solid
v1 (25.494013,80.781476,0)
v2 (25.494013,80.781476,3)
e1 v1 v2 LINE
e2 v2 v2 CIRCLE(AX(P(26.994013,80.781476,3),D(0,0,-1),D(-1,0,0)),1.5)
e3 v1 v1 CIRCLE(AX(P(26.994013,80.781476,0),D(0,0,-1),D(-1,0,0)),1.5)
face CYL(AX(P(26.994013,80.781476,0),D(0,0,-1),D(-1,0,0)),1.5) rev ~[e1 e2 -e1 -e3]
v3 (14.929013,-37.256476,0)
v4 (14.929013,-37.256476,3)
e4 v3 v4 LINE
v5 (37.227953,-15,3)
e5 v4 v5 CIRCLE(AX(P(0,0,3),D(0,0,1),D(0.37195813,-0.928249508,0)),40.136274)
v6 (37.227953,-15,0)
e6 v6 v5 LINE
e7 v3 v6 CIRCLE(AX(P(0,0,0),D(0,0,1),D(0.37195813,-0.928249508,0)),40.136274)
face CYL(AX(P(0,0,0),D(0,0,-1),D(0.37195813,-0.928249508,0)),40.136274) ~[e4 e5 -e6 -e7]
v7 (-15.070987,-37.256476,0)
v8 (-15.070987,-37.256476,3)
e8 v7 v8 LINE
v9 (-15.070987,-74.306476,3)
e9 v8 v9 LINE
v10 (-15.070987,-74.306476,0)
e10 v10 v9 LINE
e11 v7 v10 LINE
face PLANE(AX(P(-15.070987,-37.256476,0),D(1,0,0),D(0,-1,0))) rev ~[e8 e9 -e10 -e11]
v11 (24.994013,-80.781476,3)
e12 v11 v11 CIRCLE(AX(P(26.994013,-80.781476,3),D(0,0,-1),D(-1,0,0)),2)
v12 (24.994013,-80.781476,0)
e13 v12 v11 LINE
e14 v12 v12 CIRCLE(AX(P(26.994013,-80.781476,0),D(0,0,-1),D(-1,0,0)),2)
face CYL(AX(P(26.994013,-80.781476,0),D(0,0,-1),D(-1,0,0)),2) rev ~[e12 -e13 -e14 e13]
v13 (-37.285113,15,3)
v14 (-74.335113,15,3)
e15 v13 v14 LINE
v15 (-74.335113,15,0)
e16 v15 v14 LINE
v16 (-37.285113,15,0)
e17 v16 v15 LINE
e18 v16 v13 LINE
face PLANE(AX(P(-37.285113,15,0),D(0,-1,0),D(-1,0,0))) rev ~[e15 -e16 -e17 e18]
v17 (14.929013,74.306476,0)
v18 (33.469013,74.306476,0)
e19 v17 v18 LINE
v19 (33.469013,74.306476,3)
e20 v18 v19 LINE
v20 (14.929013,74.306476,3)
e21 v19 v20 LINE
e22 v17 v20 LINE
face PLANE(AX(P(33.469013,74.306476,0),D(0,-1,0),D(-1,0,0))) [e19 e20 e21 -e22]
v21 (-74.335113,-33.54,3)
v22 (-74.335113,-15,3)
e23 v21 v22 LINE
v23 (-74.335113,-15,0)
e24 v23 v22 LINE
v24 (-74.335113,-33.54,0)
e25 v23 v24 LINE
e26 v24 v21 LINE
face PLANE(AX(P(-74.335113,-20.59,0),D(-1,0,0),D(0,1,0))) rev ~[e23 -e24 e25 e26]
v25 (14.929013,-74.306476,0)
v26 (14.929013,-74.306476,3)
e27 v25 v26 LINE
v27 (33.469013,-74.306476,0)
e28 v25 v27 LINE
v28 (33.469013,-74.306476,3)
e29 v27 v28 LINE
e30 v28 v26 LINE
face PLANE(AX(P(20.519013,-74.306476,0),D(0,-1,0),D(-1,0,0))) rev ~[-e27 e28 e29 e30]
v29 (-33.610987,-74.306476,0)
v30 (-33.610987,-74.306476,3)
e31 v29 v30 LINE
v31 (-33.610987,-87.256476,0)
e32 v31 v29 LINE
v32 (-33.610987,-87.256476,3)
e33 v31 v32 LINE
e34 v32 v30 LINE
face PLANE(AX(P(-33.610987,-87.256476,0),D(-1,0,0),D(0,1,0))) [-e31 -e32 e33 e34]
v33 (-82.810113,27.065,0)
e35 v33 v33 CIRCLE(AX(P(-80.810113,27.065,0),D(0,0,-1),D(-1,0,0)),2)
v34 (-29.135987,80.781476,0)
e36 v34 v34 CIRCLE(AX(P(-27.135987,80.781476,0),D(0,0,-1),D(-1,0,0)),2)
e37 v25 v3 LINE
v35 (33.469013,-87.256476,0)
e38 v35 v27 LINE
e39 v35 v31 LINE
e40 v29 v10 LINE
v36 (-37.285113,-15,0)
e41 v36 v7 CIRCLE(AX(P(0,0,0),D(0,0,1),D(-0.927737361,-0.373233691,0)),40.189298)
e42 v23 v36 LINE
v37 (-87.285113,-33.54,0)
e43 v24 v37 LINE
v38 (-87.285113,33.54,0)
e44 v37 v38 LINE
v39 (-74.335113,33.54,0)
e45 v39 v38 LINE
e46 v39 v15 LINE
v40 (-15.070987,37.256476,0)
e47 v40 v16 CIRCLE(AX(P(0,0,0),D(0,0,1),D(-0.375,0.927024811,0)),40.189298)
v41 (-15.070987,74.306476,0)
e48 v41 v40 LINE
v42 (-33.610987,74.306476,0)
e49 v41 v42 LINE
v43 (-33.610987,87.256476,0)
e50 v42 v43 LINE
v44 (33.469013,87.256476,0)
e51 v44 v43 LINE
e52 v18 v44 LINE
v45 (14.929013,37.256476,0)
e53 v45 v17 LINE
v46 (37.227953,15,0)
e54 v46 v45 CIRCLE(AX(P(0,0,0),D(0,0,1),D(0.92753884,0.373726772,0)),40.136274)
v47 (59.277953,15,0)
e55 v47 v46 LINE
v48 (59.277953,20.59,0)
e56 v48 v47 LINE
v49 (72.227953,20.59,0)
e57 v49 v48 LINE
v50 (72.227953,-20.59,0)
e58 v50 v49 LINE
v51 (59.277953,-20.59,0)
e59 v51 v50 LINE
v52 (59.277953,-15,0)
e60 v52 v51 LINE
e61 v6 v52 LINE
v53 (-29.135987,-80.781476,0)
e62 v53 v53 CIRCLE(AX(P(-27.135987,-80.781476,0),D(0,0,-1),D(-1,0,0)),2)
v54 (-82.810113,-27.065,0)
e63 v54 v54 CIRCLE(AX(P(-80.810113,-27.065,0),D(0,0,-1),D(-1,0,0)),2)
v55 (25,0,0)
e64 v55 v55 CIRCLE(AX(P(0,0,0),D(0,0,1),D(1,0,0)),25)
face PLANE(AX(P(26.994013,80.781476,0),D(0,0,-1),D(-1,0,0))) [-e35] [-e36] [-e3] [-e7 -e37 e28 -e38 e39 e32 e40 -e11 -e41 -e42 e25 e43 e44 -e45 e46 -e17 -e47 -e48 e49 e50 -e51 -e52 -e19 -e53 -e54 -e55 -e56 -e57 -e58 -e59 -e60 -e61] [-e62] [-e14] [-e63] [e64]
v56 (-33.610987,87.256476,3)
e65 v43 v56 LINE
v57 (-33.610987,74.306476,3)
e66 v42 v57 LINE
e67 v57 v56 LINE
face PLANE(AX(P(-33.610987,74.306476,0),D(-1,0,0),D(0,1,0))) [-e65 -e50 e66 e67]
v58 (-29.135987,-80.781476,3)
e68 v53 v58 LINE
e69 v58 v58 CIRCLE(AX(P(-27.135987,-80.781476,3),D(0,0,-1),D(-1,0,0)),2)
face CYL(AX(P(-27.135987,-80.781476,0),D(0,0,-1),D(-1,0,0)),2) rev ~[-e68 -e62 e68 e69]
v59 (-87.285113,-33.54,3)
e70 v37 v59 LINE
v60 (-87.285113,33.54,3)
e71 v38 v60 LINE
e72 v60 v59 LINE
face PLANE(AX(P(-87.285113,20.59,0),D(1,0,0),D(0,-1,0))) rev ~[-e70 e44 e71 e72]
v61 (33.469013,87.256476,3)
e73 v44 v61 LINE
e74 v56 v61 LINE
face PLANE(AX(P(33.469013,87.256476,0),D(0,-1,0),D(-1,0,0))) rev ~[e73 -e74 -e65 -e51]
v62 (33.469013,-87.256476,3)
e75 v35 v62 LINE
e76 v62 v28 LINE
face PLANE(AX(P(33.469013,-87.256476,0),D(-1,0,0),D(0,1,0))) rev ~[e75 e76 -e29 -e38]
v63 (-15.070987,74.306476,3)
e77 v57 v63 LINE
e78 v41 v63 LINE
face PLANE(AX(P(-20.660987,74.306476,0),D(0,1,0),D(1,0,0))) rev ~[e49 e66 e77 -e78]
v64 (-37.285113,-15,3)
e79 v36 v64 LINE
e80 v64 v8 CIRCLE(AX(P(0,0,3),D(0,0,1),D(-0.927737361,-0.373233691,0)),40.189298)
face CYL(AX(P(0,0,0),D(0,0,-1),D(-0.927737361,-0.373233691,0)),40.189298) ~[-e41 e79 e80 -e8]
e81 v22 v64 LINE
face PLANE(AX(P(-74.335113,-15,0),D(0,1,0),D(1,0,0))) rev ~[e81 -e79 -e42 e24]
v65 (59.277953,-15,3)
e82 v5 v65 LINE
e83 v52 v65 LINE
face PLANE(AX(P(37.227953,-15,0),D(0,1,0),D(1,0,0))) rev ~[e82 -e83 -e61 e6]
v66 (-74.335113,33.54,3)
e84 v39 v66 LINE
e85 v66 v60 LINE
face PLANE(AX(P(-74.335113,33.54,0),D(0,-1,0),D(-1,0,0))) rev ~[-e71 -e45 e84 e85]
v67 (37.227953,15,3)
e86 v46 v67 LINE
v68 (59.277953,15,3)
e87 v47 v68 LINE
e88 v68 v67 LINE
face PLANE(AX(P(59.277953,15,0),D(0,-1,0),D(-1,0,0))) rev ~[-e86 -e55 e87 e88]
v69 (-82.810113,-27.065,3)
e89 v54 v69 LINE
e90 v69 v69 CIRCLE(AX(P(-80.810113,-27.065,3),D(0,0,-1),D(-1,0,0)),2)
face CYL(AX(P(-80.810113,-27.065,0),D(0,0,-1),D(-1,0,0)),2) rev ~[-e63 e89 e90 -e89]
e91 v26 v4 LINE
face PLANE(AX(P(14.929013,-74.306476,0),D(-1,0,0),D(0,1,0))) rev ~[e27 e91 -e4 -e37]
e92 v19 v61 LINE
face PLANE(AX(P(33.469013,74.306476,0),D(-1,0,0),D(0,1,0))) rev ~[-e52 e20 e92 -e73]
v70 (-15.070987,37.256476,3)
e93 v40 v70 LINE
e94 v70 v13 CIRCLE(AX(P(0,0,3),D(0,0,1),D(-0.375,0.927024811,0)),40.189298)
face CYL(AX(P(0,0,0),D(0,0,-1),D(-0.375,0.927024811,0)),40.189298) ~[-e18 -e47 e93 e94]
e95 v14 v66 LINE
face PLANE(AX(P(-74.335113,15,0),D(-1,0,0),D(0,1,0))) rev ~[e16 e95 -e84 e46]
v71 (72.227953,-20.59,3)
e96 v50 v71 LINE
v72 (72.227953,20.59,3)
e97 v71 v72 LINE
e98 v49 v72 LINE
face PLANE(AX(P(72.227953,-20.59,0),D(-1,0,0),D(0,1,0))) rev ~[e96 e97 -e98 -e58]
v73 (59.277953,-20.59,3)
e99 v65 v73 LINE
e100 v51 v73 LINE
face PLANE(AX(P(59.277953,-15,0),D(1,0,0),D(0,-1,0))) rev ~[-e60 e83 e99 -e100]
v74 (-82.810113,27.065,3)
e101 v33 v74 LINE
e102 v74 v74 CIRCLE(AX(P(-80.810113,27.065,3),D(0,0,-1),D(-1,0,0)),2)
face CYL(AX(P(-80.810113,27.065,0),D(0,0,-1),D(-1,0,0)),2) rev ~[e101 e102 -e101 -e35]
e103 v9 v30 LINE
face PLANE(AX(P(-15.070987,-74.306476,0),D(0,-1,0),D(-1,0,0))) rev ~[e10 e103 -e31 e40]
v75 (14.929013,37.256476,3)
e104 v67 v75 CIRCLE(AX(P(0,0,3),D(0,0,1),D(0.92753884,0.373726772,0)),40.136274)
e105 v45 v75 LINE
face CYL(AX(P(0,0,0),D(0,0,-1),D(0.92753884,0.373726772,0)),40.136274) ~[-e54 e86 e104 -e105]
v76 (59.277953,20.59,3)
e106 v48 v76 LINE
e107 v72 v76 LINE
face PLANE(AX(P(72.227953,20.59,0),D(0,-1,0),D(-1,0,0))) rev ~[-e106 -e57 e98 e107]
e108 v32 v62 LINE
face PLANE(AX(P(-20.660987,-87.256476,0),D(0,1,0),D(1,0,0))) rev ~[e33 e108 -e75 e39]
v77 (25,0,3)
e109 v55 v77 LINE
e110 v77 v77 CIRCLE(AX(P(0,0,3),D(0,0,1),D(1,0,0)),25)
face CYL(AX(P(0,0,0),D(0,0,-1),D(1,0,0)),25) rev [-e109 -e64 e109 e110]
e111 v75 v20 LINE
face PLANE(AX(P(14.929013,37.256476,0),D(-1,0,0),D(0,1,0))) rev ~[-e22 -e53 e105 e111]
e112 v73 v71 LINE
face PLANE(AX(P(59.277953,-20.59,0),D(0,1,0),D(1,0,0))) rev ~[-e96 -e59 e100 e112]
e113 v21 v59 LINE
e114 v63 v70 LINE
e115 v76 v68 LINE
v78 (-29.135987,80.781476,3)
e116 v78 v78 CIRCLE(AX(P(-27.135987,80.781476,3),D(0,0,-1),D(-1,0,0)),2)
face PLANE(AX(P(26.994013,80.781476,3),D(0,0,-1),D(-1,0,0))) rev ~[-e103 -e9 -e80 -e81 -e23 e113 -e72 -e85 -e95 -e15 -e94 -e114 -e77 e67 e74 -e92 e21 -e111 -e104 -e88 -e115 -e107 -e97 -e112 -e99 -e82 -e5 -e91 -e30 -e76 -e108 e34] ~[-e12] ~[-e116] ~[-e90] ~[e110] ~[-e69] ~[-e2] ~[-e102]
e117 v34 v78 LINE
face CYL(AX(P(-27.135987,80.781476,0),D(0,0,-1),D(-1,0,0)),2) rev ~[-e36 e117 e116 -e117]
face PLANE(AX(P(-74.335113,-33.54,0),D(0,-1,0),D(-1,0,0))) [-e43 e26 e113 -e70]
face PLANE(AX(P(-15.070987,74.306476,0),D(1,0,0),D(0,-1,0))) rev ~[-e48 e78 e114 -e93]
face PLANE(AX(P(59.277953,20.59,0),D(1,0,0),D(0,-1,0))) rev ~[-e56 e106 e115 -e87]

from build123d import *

# Parameters (mm, degrees)
CROQUIS1_R              = 25
SALIENTE_EXTRUIR1_DEPTH = 3
CROQUIS2_W              = 12.95
CROQUIS2_H              = 12.95
SALIENTE_EXTRUIR2_DEPTH = 3
CROQUIS3_R              = 1.5
CROQUIS3_R_2            = 2
CORTAR_EXTRUIR1_DEPTH   = 124.455998815


with BuildPart() as part:
    # Croquis1 → Saliente-Extruir1 (new body)
    with BuildSketch(Plane.XY):
        with BuildLine():
            Line((-15.070986718, 74.306476298), (-15.070986718, 37.256476298))
            ThreePointArc((-15.070986718, 37.256476298), (-28.445175059, 28.391049341), (-37.285113206, 15))
            Line((-37.285113206, 15), (-74.335113206, 15))
            Line((-74.335113206, 15), (-74.335113206, 20.59))
            Line((-74.335113206, 20.59), (-87.285113206, 20.59))
            Line((-87.285113206, 20.59), (-87.285113206, -20.59))
            Line((-87.285113206, -20.59), (-74.335113206, -20.59))
            Line((-74.335113206, -20.59), (-74.335113206, -15))
            Line((-74.335113206, -15), (-37.285113206, -15))
            ThreePointArc((-37.285113206, -15), (-28.445175059, -28.391049341), (-15.070986718, -37.256476298))
            Line((-15.070986718, -37.256476298), (-15.070986718, -74.306476298))
            Line((-15.070986718, -74.306476298), (-20.660986718, -74.306476298))
            Line((-20.660986718, -74.306476298), (-20.660986718, -87.256476298))
            Line((-20.660986718, -87.256476298), (20.519013282, -87.256476298))
            Line((20.519013282, -87.256476298), (20.519013282, -74.306476298))
            Line((20.519013282, -74.306476298), (14.929013282, -74.306476298))
            Line((14.929013282, -74.306476298), (14.929013282, -37.256476298))
            ThreePointArc((14.929013282, -37.256476298), (28.353570497, -28.407666286), (37.22795272, -15))
            Line((37.22795272, -15), (59.27795272, -15))
            Line((59.27795272, -15), (59.27795272, -20.59))
            Line((59.27795272, -20.59), (72.22795272, -20.59))
            Line((72.22795272, -20.59), (72.22795272, 20.59))
            Line((72.22795272, 20.59), (59.27795272, 20.59))
            Line((59.27795272, 20.59), (59.27795272, 15))
            Line((59.27795272, 15), (37.22795272, 15))
            ThreePointArc((37.22795272, 15), (28.353570497, 28.407666286), (14.929013282, 37.256476298))
            Line((14.929013282, 37.256476298), (14.929013282, 74.306476298))
            Line((14.929013282, 74.306476298), (20.519013282, 74.306476298))
            Line((20.519013282, 74.306476298), (20.519013282, 87.256476298))
            Line((20.519013282, 87.256476298), (-20.660986718, 87.256476298))
            Line((-20.660986718, 87.256476298), (-20.660986718, 74.306476298))
            Line((-20.660986718, 74.306476298), (-15.070986718, 74.306476298))
        make_face()
        Circle(CROQUIS1_R, mode=Mode.SUBTRACT)
    extrude(amount=SALIENTE_EXTRUIR1_DEPTH)

    # Croquis2 → Saliente-Extruir2 (add)
    with BuildSketch(Plane(origin=(0, 0, 0), x_dir=(-1, 0, 0), z_dir=(0, 0, -1))):
        with Locations((-26.994013282, 80.781476298)):
            Rectangle(CROQUIS2_W, CROQUIS2_H)
        with Locations((27.135986718, 80.781476298)):
            Rectangle(CROQUIS2_W, CROQUIS2_H)
        with Locations((-26.994013282, -80.781476298)):
            Rectangle(CROQUIS2_W, CROQUIS2_H)
        with Locations((27.135986718, -80.781476298)):
            Rectangle(CROQUIS2_W, CROQUIS2_H)
        with Locations((80.810113206, 27.065)):
            Rectangle(CROQUIS2_W, CROQUIS2_H)
        with Locations((80.810113206, -27.065)):
            Rectangle(CROQUIS2_W, CROQUIS2_H)
    extrude(amount=-SALIENTE_EXTRUIR2_DEPTH)

    # Croquis3 → Cortar-Extruir1 (cut, through all)
    with BuildSketch(Plane(origin=(0, 0, 0), x_dir=(-1, 0, 0), z_dir=(0, 0, -1))):
        with Locations((-26.994013282, 80.781476298)):
            Circle(CROQUIS3_R)
        with Locations((27.135986718, 80.781476298)):
            Circle(CROQUIS3_R_2)
        with Locations((27.135986718, -80.781476298)):
            Circle(CROQUIS3_R_2)
        with Locations((-26.994013282, -80.781476298)):
            Circle(CROQUIS3_R_2)
        with Locations((80.810113206, -27.065)):
            Circle(CROQUIS3_R_2)
        with Locations((80.810113206, 27.065)):
            Circle(CROQUIS3_R_2)
    extrude(amount=-CORTAR_EXTRUIR1_DEPTH, mode=Mode.SUBTRACT)


solid = part.part
